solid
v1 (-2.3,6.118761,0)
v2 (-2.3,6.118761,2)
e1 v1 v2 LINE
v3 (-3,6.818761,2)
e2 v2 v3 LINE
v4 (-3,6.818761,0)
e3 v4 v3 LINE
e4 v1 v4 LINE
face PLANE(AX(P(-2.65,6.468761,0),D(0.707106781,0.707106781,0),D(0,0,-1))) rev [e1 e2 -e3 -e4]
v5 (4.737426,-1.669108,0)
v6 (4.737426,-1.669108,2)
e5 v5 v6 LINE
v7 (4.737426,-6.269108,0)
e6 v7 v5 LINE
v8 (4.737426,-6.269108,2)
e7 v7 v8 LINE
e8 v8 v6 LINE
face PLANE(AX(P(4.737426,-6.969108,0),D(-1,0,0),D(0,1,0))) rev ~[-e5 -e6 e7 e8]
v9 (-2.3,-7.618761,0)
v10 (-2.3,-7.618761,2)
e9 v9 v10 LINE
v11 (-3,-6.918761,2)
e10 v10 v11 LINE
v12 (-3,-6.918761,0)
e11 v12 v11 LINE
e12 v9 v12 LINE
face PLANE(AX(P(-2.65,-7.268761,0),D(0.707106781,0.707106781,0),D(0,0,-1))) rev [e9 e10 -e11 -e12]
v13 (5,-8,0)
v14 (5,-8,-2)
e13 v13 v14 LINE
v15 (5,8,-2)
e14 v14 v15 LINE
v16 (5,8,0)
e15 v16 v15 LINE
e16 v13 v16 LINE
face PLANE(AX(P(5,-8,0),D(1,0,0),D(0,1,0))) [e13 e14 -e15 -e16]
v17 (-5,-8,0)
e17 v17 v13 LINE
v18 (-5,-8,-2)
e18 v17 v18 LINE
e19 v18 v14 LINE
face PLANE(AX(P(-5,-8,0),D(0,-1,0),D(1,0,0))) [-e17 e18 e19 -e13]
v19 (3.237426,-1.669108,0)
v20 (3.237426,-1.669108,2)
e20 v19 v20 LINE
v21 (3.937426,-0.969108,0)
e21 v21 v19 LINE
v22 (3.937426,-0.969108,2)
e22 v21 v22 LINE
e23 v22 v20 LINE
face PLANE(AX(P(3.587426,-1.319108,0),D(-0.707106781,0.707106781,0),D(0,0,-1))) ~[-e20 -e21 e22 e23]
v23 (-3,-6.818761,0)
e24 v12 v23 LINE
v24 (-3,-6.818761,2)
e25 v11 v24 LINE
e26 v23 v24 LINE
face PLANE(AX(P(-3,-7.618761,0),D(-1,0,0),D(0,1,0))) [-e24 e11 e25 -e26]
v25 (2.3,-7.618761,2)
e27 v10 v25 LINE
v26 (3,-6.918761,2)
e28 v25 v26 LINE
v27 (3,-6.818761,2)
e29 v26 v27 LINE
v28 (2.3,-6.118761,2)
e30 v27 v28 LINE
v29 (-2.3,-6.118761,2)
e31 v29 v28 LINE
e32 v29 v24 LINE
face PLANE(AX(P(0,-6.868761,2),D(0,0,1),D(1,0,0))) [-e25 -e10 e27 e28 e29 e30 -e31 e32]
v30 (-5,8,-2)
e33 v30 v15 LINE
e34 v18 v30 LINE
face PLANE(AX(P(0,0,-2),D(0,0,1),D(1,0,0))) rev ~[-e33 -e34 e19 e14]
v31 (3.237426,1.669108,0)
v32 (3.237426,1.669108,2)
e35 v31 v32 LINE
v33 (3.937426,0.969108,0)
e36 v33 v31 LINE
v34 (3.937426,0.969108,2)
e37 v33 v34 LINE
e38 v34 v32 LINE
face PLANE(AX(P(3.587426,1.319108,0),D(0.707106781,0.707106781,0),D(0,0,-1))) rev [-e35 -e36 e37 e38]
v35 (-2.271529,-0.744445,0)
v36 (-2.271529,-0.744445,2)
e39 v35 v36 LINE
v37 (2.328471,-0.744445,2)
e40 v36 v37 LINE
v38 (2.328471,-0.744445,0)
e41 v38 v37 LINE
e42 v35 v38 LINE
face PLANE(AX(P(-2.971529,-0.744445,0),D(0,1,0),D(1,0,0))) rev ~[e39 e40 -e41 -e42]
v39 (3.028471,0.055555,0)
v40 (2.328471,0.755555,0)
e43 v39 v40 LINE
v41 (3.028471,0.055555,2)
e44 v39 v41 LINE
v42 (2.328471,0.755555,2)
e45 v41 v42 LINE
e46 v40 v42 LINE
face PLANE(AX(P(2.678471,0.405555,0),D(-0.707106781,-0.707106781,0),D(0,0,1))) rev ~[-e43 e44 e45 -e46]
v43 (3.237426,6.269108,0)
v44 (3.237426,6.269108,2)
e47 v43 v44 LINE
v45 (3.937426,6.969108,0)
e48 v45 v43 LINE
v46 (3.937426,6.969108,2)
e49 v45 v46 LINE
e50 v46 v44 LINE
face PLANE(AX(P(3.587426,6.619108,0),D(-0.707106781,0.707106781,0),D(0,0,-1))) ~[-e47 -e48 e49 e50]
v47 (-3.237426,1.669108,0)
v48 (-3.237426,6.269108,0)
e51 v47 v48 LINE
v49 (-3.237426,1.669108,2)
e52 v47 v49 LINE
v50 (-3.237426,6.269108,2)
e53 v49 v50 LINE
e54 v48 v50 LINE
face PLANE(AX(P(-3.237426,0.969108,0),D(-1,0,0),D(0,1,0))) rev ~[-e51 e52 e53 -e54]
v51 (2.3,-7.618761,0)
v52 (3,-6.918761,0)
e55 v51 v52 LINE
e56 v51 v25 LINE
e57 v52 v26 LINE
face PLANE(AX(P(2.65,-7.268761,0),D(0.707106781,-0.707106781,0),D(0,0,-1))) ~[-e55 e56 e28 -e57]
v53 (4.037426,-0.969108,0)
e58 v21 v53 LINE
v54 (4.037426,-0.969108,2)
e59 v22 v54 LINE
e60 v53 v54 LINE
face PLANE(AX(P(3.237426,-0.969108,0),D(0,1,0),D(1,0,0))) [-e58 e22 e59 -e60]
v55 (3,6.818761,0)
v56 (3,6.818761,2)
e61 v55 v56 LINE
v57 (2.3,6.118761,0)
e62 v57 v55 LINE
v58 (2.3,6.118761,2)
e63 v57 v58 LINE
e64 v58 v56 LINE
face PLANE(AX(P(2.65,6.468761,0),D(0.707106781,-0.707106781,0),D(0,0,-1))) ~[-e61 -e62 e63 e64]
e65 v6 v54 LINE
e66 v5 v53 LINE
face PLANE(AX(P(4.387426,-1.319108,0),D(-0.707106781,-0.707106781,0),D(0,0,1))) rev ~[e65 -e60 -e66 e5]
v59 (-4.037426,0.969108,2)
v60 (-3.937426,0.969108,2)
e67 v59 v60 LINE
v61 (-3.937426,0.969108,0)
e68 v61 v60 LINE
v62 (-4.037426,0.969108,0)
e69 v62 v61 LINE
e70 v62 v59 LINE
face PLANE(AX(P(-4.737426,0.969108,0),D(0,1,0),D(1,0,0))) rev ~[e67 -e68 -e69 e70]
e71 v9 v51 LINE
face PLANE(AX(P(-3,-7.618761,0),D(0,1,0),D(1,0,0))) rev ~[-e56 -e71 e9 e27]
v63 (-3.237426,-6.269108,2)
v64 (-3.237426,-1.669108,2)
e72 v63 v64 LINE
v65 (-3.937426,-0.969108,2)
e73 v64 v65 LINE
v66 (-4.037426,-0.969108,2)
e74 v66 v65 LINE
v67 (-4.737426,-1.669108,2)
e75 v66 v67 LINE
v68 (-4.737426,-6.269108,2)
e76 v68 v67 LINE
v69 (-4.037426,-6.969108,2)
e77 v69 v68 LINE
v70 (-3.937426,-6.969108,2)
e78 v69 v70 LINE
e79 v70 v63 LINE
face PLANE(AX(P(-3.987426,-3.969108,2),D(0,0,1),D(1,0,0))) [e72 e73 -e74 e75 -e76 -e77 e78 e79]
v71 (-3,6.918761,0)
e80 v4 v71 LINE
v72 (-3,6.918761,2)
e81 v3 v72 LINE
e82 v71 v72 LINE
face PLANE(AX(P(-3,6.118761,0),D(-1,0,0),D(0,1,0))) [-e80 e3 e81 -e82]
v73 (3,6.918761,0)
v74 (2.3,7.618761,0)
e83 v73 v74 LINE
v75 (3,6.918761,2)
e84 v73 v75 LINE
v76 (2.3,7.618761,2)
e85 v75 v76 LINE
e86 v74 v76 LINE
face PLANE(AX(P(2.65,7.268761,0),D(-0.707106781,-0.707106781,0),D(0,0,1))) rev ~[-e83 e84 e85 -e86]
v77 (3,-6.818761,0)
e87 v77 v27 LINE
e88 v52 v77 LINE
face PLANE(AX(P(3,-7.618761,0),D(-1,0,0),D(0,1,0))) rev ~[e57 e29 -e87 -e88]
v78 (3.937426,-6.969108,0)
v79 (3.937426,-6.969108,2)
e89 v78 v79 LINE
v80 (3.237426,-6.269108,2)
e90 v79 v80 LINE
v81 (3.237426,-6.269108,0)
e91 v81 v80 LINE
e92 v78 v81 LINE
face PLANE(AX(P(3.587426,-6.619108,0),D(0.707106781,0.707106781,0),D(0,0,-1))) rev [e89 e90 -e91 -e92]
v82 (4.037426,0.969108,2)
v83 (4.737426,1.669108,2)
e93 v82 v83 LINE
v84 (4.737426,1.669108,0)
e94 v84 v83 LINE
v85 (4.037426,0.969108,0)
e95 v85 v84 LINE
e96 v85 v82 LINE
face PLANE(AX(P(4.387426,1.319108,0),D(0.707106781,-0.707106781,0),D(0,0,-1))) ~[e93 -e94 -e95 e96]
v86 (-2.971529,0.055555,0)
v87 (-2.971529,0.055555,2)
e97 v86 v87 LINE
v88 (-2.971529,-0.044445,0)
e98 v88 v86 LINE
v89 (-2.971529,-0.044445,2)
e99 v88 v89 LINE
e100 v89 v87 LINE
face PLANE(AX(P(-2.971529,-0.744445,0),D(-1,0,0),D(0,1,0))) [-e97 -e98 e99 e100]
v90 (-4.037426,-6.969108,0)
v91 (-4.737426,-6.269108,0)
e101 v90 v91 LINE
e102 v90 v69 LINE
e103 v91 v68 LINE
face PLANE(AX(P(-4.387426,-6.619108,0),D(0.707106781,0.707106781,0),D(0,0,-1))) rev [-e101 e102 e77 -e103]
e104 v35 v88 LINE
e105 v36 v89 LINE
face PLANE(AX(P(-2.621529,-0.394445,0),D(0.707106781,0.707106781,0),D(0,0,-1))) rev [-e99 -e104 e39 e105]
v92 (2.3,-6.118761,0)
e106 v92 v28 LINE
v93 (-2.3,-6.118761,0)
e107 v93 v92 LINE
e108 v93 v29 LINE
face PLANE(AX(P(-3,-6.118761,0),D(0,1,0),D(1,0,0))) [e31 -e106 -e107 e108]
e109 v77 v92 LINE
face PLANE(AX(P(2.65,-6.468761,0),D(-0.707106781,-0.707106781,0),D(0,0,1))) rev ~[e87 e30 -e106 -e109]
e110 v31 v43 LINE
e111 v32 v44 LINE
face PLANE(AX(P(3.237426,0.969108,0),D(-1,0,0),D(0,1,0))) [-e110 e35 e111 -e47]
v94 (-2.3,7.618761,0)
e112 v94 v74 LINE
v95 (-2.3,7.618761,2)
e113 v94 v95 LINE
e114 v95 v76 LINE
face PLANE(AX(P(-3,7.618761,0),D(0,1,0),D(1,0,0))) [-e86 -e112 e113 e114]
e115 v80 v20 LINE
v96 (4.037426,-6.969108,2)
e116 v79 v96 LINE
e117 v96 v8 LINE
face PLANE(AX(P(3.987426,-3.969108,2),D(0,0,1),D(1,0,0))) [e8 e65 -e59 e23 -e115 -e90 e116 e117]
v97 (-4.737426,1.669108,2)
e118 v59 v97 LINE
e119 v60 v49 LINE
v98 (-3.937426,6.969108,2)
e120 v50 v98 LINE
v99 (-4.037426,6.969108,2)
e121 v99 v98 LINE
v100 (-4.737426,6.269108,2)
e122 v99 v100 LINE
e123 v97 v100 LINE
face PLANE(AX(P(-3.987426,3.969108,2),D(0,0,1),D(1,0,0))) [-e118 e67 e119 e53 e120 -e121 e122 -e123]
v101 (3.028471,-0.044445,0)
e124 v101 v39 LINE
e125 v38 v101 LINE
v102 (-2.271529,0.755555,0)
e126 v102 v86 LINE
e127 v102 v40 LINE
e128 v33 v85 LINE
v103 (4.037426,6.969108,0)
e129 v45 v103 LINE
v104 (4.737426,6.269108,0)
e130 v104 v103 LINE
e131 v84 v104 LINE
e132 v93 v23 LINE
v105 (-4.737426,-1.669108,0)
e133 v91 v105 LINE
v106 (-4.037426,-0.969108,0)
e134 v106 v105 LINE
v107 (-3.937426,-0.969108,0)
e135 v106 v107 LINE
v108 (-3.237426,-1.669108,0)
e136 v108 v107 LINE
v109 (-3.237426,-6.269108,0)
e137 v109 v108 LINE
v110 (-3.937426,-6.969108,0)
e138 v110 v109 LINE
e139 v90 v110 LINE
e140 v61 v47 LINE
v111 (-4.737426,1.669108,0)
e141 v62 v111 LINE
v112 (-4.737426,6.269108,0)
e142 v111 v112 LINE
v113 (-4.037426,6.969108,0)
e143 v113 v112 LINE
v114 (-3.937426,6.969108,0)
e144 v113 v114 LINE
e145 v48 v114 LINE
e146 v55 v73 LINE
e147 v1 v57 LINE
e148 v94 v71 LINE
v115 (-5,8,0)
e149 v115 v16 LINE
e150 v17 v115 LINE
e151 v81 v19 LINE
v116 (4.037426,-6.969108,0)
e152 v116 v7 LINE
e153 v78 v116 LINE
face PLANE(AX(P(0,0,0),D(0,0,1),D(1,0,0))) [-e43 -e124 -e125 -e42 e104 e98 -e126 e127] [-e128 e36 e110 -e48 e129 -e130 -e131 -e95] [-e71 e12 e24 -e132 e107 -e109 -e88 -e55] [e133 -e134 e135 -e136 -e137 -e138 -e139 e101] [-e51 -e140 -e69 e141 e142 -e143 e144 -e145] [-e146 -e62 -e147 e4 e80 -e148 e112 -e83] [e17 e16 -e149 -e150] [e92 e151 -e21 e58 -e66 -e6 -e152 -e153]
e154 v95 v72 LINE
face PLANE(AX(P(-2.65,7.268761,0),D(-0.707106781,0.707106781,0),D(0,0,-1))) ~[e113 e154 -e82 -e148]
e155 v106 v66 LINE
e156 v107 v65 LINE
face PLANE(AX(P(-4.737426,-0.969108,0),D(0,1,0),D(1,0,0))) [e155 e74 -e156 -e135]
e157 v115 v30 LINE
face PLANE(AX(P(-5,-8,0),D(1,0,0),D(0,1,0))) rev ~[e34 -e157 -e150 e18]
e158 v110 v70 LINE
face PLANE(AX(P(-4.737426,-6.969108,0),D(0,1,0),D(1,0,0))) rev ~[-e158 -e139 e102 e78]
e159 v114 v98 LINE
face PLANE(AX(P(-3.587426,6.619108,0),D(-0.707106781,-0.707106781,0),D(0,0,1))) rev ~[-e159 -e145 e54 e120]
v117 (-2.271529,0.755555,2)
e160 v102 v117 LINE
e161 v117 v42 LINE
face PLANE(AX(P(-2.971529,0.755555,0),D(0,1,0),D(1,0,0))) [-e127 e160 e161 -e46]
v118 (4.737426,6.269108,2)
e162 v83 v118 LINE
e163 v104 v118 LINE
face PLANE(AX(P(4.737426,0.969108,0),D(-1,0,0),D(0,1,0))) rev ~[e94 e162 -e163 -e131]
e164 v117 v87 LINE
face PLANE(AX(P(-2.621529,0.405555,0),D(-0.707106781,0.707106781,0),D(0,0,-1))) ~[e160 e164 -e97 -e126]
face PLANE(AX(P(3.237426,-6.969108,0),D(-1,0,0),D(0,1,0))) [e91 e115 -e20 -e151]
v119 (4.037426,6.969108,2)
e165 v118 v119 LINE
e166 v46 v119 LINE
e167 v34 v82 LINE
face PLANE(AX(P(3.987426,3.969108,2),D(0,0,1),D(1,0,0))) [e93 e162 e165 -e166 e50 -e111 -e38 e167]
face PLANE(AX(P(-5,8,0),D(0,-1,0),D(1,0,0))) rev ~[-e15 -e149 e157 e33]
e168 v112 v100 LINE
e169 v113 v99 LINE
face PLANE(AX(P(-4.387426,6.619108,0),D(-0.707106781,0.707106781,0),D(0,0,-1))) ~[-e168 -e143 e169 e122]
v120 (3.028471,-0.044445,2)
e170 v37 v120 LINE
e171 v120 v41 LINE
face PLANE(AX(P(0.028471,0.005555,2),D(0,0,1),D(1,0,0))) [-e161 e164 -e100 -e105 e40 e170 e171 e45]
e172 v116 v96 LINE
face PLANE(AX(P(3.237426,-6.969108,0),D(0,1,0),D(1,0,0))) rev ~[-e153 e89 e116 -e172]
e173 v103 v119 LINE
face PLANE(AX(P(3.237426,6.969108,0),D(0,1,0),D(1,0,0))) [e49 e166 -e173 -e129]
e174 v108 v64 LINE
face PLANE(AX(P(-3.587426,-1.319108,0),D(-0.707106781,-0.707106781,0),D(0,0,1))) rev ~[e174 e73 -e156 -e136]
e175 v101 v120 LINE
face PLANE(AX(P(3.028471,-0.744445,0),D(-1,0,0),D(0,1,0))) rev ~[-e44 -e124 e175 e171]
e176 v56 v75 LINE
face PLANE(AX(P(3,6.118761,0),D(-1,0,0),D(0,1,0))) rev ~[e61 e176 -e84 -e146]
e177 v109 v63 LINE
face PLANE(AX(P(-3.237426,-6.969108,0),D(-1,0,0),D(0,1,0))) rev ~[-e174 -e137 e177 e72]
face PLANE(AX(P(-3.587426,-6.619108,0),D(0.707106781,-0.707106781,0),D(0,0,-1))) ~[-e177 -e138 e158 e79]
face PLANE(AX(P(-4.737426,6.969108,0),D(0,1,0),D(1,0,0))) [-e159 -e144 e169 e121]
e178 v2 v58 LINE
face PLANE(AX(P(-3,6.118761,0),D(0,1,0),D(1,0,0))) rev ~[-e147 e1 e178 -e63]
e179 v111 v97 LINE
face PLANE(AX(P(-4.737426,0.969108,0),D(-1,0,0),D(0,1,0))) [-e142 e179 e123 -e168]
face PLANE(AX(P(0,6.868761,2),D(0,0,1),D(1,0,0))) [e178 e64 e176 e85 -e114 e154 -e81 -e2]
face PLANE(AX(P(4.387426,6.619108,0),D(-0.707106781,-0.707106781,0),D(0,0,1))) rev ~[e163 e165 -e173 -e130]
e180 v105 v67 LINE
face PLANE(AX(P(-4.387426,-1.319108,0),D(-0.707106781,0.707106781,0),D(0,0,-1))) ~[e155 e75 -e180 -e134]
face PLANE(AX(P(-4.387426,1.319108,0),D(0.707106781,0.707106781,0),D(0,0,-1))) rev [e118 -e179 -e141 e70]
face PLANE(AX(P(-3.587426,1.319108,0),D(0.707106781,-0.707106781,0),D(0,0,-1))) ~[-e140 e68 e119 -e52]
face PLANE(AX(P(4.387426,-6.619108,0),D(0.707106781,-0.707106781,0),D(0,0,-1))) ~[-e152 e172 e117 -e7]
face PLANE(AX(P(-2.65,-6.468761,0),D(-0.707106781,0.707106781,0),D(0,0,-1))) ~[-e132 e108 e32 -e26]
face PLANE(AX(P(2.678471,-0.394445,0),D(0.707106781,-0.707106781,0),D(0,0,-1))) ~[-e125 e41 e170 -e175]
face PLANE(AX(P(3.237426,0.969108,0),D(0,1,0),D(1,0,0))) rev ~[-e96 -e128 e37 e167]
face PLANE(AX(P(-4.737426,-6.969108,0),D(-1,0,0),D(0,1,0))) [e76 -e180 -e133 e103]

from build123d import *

# Parameters (mm, degrees)
F0_W     = 10
F0_H     = 16
F1_DEPTH = 2
F2_W     = 1.5
F2_H     = 6
F2_W_2   = 6
F2_H_2   = 1.5
F3_DEPTH = 2
F4_SIZE  = 0.7


with BuildPart() as f1:
    # F0 (on Top) → F1 (new body)
    with BuildSketch(Plane.XY):
        Rectangle(F0_W, F0_H)
    extrude(amount=-F1_DEPTH)

    # F2 (on face) → F3 (join)
    with BuildSketch(Plane.XY):
        with Locations((-3.987426, 3.969108)):
            Rectangle(F2_W, F2_H)
        with Locations((0, 6.868761)):
            Rectangle(F2_W_2, F2_H_2)
        with Locations((3.987426, 3.969108)):
            Rectangle(F2_W, F2_H)
        with Locations((0.028471, 0.005555)):
            Rectangle(F2_W_2, F2_H_2)
        with Locations((-3.987426, -3.969108)):
            Rectangle(F2_W, F2_H)
        with Locations((0, -6.868761)):
            Rectangle(F2_W_2, F2_H_2)
        with Locations((3.987426, -3.969108)):
            Rectangle(F2_W, F2_H)
    extrude(amount=F3_DEPTH)

    # F4
    f4_edges = [f1.edges().sort_by_distance(p)[0] for p in [
        (3, 6.118761, 1),
        (3.237426, 6.969108, 1),
        (3.237426, 0.969108, 1),
        (4.737426, 0.969108, 1),
        (3.237426, -0.969108, 1),
        (3.028471, -0.744445, 1),
        (-2.971529, -0.744445, 1),
        (-2.971529, 0.755555, 1),
        (-3.237426, 0.969108, 1),
        (-4.737426, 0.969108, 1),
        (-4.737426, 6.969108, 1),
        (-3, 6.118761, 1),
        (-3, 7.618761, 1),
        (3.237426, -6.969108, 1),
        (4.737426, -6.969108, 1),
        (3, -7.618761, 1),
        (-3, -7.618761, 1),
        (-3.237426, -6.969108, 1),
        (-4.737426, -6.969108, 1),
        (-3, -6.118761, 1),
        (-4.737426, -0.969108, 1),
        (-3.237426, -0.969108, 1),
        (3.028471, 0.755555, 1),
        (4.737426, -0.969108, 1),
        (3, -6.118761, 1),
        (4.737426, 6.969108, 1),
        (3, 7.618761, 1),
        (-3.237426, 6.969108, 1),
    ]]
    chamfer(f4_edges, length=F4_SIZE)


solid = f1.part
